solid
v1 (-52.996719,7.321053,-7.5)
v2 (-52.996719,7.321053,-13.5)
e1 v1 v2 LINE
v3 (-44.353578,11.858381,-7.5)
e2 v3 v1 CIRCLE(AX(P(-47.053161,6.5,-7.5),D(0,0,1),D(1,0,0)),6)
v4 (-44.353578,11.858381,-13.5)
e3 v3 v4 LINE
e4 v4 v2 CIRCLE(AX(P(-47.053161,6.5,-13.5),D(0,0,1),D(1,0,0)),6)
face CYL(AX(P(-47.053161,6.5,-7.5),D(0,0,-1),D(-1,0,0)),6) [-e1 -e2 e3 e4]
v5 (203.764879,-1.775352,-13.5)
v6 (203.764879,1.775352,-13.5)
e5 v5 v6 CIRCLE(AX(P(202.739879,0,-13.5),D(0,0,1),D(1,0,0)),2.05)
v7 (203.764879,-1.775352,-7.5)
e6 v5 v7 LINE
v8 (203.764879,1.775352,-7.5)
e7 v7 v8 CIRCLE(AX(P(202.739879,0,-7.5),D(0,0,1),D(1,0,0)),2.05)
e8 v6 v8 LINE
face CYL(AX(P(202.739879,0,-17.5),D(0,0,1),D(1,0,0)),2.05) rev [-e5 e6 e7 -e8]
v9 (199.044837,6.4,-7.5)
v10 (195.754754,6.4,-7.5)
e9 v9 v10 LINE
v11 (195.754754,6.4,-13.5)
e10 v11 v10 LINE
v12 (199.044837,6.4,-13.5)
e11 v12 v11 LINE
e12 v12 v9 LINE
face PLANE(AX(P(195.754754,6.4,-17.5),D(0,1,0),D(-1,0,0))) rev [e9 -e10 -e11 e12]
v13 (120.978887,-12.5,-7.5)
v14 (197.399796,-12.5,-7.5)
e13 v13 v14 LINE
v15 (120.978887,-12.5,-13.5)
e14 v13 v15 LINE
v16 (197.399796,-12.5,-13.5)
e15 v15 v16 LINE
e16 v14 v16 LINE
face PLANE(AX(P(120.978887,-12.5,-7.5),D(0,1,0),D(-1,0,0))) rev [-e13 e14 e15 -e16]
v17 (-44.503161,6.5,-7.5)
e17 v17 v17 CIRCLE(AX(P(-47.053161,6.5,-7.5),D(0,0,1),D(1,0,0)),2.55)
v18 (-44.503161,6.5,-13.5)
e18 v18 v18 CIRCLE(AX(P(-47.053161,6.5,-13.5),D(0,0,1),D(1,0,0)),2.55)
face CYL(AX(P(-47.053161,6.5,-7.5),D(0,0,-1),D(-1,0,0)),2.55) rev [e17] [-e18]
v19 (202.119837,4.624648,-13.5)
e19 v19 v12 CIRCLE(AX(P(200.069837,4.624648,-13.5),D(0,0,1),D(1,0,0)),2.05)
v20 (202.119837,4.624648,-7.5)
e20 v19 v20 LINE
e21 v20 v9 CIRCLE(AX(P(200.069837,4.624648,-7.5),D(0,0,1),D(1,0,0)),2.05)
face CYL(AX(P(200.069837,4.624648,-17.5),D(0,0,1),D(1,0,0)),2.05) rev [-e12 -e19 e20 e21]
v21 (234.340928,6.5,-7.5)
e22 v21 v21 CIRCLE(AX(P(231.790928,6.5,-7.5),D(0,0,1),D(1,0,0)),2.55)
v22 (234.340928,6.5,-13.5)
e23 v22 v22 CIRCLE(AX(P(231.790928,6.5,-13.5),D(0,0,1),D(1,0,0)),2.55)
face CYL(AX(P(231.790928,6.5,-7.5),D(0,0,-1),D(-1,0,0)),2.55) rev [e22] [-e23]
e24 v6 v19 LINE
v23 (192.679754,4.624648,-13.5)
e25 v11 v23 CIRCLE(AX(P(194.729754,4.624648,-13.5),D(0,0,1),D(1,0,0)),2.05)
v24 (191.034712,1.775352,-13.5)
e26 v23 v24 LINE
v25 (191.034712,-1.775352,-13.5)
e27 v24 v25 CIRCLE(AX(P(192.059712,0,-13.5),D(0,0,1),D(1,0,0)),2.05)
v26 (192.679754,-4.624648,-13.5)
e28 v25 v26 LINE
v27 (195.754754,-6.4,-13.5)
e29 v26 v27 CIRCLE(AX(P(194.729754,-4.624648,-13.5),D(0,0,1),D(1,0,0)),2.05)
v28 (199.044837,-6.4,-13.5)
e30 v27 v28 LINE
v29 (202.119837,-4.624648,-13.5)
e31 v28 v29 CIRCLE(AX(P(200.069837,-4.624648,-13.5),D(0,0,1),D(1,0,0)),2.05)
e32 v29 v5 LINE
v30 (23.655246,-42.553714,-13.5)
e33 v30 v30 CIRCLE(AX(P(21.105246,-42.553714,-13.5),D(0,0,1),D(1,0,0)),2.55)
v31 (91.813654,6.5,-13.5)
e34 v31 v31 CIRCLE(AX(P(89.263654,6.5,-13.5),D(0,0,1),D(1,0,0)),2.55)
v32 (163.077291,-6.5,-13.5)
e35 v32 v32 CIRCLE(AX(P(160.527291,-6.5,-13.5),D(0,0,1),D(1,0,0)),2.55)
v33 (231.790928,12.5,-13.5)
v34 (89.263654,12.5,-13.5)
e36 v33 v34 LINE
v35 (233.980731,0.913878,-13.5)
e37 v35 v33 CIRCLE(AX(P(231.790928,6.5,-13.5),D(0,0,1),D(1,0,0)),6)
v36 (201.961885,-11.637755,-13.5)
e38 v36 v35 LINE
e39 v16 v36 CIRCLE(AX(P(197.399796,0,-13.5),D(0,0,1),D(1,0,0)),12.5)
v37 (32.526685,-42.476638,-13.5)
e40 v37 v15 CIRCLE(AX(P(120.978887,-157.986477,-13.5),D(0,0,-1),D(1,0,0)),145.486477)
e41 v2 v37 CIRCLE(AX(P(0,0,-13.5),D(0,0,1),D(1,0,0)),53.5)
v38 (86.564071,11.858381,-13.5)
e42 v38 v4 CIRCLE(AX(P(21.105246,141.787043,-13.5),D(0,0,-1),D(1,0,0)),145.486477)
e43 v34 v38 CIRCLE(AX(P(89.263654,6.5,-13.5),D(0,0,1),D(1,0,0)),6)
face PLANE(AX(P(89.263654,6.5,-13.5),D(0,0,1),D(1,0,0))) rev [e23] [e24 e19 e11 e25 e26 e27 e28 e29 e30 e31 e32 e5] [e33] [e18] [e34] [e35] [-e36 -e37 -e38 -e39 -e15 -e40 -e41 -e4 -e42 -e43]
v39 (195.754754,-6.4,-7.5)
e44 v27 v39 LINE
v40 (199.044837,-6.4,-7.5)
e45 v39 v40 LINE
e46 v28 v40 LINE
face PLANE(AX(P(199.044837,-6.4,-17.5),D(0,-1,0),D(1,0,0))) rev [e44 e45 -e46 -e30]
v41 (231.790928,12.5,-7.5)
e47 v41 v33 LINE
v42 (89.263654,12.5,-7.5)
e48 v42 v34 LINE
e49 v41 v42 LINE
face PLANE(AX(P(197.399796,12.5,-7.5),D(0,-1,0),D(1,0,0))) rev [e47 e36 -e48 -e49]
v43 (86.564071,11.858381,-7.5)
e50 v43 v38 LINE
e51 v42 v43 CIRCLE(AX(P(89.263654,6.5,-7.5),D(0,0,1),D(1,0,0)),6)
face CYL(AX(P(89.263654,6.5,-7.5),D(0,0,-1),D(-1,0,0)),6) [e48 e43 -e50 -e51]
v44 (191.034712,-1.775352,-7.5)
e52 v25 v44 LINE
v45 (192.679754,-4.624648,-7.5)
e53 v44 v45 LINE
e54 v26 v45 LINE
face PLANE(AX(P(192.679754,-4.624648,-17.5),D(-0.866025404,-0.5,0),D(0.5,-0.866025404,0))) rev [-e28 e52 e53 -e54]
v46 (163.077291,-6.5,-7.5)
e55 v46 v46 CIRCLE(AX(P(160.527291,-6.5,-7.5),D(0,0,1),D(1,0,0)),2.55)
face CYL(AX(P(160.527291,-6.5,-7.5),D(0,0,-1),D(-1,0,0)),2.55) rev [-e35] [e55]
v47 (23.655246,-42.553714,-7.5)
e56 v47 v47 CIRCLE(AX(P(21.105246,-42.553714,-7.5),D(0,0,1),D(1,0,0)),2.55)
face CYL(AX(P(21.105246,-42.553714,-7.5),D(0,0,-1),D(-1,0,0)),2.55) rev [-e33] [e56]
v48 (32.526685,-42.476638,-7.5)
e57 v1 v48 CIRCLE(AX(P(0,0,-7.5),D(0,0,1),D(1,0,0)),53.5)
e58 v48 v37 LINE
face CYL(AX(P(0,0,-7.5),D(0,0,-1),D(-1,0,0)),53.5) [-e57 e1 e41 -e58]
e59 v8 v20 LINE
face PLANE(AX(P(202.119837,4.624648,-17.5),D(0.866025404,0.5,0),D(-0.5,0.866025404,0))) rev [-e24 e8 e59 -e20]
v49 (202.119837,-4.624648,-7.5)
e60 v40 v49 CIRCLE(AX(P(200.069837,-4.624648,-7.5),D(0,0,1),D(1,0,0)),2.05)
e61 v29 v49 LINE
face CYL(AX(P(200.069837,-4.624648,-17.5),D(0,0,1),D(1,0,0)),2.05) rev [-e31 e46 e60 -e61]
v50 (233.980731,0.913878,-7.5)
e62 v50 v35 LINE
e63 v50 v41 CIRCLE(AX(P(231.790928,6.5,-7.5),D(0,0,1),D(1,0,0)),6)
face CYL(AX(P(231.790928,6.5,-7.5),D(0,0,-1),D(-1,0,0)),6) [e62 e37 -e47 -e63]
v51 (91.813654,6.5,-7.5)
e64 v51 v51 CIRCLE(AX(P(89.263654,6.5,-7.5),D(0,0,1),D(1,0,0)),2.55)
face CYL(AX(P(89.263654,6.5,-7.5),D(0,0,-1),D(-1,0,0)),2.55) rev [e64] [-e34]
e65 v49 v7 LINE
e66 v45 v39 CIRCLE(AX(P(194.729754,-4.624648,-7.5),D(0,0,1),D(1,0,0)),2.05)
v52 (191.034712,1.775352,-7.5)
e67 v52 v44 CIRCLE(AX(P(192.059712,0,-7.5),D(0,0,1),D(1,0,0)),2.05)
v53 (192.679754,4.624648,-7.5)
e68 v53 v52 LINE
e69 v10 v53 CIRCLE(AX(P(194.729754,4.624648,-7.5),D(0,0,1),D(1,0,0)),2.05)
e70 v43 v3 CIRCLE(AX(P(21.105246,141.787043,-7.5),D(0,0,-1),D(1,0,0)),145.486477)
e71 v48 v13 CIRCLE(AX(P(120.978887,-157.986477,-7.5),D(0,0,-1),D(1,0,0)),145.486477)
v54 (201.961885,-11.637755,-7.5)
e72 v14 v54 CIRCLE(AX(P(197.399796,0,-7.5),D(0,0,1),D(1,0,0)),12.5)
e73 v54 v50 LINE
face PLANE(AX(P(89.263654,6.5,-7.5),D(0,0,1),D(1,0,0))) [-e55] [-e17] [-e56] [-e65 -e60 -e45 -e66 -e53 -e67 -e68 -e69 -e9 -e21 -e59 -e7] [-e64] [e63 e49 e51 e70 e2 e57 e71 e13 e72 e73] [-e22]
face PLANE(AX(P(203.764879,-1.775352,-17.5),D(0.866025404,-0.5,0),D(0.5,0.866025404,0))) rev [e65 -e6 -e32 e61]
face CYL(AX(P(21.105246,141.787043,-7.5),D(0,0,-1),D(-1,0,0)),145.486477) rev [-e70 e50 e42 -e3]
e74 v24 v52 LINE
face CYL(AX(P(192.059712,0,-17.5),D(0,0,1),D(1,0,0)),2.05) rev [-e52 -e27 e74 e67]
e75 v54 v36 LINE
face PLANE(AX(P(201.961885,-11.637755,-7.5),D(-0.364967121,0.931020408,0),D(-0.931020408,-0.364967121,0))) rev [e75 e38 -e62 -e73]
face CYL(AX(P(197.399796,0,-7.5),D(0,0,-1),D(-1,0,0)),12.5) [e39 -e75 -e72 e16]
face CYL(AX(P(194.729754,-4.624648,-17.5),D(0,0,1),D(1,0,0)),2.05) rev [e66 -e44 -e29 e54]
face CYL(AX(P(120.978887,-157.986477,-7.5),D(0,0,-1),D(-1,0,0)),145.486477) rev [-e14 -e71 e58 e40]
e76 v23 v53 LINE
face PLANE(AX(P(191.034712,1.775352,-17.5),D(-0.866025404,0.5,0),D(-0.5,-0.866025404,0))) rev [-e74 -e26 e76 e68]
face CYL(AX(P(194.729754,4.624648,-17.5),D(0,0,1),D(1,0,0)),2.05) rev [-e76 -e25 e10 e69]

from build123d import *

# Parameters (mm, degrees)
SKETCH4_R           = 2.55
SKETCH4_R_2         = 2.549999993
SKETCH4_R_3         = 6
BOSS_EXTRUDE1_DEPTH = 6
CUT_EXTRUDE1_DEPTH  = 10


with BuildPart() as part:
    # Sketch4 → Boss-Extrude1 (new body)
    with BuildSketch(Plane.XY.offset(-13.5)):
        with BuildLine():
            Line((197.399795586, 12.5), (89.263654418, 12.5))
            ThreePointArc((89.263654418, 12.5), (87.876262264, 12.337391799), (86.564070557, 11.858381004))
            ThreePointArc((86.564070557, 11.858381004), (21.105246497, -3.69943352), (-44.353577564, 11.858381004))
            ThreePointArc((-44.353577564, 11.858381004), (-49.84201029, 11.812468541), (-52.996718657, 7.321052632))
            ThreePointArc((-52.996718657, 7.321052632), (-26.920402355, -46.233558559), (32.526685027, -42.476637828))
            ThreePointArc((32.526685027, -42.476637828), (74.2820165, -20.197808109), (120.978886956, -12.5))
            Line((120.978886956, -12.5), (197.399795586, -12.5))
            ThreePointArc((197.399795586, -12.5), (199.721224158, -12.282547349), (201.961884602, -11.637755102))
            Line((201.961884602, -11.637755102), (233.980730892, 0.913877551))
            ThreePointArc((233.980730892, 0.913877551), (237.686550892, 7.614285714), (231.790928164, 12.5))
            Line((231.790928164, 12.5), (197.399795586, 12.5))
        make_face()
        with Locations((160.527291291, -6.5)):
            Circle(SKETCH4_R, mode=Mode.SUBTRACT)
        with Locations((89.263654418, 6.5)):
            Circle(SKETCH4_R_2, mode=Mode.SUBTRACT)
        with Locations((21.105246497, -42.553713943)):
            Circle(SKETCH4_R_2, mode=Mode.SUBTRACT)
        with Locations((-47.053161424, 6.5)):
            Circle(SKETCH4_R, mode=Mode.SUBTRACT)
        with Locations((197.399795586, 0)):
            Circle(SKETCH4_R_3, mode=Mode.SUBTRACT)
        with Locations((231.790928164, 6.5)):
            Circle(SKETCH4_R, mode=Mode.SUBTRACT)
    extrude(amount=BOSS_EXTRUDE1_DEPTH)

    # Sketch5 → Cut-Extrude1 (cut)
    with BuildSketch(Plane.XY.offset(-7.5)):
        with BuildLine():
            Line((191.03471214, 1.775352078), (192.679753863, 4.624647922))
            ThreePointArc((192.679753863, 4.624647922), (193.704753863, 6.4), (195.754753863, 6.4))
            Line((195.754753863, 6.4), (199.044837309, 6.4))
            ThreePointArc((199.044837309, 6.4), (201.094837309, 6.4), (202.119837309, 4.624647922))
            Line((202.119837309, 4.624647922), (203.764879032, 1.775352078))
            ThreePointArc((203.764879032, 1.775352078), (204.789879032, 0), (203.764879032, -1.775352078))
            Line((203.764879032, -1.775352078), (202.119837309, -4.624647922))
            ThreePointArc((202.119837309, -4.624647922), (201.094837309, -6.4), (199.044837309, -6.4))
            Line((199.044837309, -6.4), (195.754753863, -6.4))
            ThreePointArc((195.754753863, -6.4), (193.704753863, -6.4), (192.679753863, -4.624647922))
            Line((192.679753863, -4.624647922), (191.03471214, -1.775352078))
            ThreePointArc((191.03471214, -1.775352078), (190.00971214, 0), (191.03471214, 1.775352078))
        make_face()
    extrude(amount=-CUT_EXTRUDE1_DEPTH, mode=Mode.SUBTRACT)


solid = part.part
